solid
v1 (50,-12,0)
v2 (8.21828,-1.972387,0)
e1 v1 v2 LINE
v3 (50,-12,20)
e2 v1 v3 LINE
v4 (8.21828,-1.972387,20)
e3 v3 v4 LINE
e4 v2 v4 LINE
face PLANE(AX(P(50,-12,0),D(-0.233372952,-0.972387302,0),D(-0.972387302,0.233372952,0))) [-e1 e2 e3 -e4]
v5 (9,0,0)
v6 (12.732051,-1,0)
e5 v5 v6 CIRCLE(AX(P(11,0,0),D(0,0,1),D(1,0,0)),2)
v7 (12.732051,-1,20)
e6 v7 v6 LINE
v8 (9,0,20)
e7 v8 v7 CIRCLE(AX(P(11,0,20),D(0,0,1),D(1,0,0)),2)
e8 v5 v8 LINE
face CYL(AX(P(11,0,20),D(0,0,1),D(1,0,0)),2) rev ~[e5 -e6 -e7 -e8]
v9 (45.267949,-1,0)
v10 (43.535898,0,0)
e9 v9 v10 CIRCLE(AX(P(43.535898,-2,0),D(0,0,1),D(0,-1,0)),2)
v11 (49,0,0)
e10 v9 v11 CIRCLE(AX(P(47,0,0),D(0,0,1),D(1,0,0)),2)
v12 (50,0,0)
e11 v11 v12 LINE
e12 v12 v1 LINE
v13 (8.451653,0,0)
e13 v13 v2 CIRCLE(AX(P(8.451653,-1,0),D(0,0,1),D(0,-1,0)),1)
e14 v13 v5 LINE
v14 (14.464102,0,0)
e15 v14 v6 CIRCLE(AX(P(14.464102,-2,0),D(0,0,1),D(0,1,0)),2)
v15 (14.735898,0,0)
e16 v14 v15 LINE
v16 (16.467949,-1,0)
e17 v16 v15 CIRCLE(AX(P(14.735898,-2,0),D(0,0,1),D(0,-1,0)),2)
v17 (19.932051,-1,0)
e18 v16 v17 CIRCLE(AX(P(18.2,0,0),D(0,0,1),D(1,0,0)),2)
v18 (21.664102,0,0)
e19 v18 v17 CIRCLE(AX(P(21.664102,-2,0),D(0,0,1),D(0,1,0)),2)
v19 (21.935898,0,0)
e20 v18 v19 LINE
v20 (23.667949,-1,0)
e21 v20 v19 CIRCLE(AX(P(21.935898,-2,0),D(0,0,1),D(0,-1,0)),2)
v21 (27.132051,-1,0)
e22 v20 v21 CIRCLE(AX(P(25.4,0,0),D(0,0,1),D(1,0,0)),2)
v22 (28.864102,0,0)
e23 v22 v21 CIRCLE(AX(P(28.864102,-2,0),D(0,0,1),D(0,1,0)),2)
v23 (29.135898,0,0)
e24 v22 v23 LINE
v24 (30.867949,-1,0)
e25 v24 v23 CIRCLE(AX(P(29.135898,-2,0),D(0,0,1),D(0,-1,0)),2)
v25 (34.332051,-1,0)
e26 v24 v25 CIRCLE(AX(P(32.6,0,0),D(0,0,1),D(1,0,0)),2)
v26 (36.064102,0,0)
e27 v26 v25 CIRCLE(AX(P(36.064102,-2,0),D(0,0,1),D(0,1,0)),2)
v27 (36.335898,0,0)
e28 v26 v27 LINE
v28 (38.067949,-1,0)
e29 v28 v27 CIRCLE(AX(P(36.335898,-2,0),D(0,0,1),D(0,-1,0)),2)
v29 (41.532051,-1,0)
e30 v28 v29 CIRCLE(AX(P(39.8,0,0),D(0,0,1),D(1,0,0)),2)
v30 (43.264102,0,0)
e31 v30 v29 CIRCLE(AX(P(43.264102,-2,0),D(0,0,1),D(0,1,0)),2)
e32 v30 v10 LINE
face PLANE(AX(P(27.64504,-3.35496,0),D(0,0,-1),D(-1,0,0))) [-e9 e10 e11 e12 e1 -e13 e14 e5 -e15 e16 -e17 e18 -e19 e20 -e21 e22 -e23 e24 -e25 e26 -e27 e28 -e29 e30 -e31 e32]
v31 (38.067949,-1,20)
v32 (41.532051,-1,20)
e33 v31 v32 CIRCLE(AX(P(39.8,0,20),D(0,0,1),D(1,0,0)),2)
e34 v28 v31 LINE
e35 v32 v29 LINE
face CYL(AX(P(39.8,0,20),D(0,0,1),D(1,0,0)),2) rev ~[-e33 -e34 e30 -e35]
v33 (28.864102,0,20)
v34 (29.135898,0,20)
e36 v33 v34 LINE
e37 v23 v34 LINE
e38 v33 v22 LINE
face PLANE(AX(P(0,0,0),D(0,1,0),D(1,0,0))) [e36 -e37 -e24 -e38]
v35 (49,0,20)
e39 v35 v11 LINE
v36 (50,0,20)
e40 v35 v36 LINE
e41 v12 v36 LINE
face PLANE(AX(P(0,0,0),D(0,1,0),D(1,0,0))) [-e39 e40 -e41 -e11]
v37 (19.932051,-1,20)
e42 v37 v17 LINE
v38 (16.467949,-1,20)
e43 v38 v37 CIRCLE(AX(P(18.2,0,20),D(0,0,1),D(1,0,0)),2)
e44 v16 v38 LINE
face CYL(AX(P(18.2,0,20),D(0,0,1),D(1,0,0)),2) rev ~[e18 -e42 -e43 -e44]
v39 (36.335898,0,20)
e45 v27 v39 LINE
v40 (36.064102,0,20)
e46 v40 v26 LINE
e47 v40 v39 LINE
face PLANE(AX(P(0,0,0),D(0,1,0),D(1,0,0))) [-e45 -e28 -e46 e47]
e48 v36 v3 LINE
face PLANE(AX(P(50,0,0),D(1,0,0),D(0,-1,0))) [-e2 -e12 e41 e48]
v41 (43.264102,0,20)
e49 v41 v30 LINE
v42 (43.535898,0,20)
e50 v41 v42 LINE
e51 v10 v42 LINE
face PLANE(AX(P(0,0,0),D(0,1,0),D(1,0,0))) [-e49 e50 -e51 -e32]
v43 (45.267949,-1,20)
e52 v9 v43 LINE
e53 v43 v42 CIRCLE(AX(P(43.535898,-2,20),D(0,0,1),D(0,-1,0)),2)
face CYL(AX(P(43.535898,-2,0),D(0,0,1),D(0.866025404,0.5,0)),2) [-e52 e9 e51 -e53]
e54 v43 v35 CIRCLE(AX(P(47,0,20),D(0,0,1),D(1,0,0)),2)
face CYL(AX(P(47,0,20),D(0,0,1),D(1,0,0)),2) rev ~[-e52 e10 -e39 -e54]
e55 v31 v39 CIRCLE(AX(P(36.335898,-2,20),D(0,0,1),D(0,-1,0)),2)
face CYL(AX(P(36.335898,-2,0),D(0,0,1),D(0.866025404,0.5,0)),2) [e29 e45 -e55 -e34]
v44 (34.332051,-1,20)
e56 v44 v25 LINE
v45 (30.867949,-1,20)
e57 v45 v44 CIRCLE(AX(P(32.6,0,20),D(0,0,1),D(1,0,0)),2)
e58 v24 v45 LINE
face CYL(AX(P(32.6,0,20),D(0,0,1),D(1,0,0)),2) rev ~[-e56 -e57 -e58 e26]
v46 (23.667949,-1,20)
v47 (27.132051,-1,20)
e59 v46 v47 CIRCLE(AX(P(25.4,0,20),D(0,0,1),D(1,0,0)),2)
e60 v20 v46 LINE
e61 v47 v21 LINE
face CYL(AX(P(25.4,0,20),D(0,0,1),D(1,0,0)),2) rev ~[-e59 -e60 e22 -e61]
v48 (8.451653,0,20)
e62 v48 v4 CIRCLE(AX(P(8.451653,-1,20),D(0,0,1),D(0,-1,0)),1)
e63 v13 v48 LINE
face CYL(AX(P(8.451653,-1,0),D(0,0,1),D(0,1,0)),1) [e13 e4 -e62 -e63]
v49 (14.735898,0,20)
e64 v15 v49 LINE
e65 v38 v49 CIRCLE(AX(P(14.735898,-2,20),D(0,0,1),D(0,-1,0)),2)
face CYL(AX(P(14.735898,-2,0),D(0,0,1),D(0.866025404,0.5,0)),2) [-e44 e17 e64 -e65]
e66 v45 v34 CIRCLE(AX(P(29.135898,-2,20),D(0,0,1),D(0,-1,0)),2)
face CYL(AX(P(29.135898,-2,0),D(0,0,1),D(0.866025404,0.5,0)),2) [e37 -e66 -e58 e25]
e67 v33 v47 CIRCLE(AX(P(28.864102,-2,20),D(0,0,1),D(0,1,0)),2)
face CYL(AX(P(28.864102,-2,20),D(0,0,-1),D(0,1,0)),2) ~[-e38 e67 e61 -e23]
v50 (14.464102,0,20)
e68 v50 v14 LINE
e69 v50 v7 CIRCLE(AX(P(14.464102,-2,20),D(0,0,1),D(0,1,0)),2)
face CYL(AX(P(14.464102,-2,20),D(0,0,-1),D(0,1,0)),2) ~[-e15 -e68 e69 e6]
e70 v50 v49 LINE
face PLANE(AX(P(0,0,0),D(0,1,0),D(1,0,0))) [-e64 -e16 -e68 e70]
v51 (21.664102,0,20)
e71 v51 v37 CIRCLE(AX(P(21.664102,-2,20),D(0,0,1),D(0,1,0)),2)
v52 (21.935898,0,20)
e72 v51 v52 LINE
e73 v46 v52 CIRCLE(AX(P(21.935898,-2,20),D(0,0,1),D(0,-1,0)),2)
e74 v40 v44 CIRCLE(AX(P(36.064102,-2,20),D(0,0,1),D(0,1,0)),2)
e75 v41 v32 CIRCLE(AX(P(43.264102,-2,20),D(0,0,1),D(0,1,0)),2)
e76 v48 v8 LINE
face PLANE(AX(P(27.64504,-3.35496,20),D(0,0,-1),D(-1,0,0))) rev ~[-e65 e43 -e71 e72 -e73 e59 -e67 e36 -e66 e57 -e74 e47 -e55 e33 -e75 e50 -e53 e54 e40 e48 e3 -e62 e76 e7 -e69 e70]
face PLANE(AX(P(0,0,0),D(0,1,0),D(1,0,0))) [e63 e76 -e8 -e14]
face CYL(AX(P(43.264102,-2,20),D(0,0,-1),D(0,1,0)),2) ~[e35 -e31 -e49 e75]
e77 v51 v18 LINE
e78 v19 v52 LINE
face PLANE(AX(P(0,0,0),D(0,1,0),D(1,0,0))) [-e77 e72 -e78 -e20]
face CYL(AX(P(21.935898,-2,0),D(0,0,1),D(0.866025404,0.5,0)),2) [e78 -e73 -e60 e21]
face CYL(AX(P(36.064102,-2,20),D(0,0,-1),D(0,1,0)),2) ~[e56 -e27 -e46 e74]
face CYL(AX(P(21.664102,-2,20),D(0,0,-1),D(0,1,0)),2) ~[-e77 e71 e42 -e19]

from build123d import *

# Parameters (mm, degrees)
PAD_DEPTH           = 20
FILLET_R            = 1
SKETCH001_R         = 2
POCKET_DEPTH        = 20.001
LINEARPATTERN_COUNT = 6
LINEARPATTERN_PITCH = 7.2
FILLET001_R         = 2


with BuildPart() as part:
    # Sketch → Pad (new body)
    with BuildSketch(Plane.XY):
        Polygon((0, 0), (50, 0), (50, -12), align=None)
    extrude(amount=PAD_DEPTH)

    # Fillet
    fillet_edges = [part.edges().sort_by_distance(p)[0] for p in [
        (0, 0, 10),
    ]]
    fillet(fillet_edges, radius=FILLET_R)

    # Sketch001 (on Face5 of Fillet) → Pocket (cut, through all)
    with BuildSketch(Plane.XY.offset(20)):
        with Locations((47, 0)):
            Circle(SKETCH001_R)
    pocket = extrude(amount=-POCKET_DEPTH, mode=Mode.SUBTRACT)

    # LinearPattern: Pocket ×6
    with Locations(*[(-i * LINEARPATTERN_PITCH, 0, 0) for i in range(1, LINEARPATTERN_COUNT)]):
        add(pocket, mode=Mode.SUBTRACT)

    # Fillet001
    fillet001_edges = [part.edges().sort_by_distance(p)[0] for p in [
        (13, 0, 10),
        (16.2, 0, 10),
        (20.2, 0, 10),
        (23.4, 0, 10),
        (27.4, 0, 10),
        (30.6, 0, 10),
        (34.6, 0, 10),
        (37.8, 0, 10),
        (41.8, 0, 10),
        (45, 0, 10),
    ]]
    fillet(fillet001_edges, radius=FILLET001_R)


solid = part.part
